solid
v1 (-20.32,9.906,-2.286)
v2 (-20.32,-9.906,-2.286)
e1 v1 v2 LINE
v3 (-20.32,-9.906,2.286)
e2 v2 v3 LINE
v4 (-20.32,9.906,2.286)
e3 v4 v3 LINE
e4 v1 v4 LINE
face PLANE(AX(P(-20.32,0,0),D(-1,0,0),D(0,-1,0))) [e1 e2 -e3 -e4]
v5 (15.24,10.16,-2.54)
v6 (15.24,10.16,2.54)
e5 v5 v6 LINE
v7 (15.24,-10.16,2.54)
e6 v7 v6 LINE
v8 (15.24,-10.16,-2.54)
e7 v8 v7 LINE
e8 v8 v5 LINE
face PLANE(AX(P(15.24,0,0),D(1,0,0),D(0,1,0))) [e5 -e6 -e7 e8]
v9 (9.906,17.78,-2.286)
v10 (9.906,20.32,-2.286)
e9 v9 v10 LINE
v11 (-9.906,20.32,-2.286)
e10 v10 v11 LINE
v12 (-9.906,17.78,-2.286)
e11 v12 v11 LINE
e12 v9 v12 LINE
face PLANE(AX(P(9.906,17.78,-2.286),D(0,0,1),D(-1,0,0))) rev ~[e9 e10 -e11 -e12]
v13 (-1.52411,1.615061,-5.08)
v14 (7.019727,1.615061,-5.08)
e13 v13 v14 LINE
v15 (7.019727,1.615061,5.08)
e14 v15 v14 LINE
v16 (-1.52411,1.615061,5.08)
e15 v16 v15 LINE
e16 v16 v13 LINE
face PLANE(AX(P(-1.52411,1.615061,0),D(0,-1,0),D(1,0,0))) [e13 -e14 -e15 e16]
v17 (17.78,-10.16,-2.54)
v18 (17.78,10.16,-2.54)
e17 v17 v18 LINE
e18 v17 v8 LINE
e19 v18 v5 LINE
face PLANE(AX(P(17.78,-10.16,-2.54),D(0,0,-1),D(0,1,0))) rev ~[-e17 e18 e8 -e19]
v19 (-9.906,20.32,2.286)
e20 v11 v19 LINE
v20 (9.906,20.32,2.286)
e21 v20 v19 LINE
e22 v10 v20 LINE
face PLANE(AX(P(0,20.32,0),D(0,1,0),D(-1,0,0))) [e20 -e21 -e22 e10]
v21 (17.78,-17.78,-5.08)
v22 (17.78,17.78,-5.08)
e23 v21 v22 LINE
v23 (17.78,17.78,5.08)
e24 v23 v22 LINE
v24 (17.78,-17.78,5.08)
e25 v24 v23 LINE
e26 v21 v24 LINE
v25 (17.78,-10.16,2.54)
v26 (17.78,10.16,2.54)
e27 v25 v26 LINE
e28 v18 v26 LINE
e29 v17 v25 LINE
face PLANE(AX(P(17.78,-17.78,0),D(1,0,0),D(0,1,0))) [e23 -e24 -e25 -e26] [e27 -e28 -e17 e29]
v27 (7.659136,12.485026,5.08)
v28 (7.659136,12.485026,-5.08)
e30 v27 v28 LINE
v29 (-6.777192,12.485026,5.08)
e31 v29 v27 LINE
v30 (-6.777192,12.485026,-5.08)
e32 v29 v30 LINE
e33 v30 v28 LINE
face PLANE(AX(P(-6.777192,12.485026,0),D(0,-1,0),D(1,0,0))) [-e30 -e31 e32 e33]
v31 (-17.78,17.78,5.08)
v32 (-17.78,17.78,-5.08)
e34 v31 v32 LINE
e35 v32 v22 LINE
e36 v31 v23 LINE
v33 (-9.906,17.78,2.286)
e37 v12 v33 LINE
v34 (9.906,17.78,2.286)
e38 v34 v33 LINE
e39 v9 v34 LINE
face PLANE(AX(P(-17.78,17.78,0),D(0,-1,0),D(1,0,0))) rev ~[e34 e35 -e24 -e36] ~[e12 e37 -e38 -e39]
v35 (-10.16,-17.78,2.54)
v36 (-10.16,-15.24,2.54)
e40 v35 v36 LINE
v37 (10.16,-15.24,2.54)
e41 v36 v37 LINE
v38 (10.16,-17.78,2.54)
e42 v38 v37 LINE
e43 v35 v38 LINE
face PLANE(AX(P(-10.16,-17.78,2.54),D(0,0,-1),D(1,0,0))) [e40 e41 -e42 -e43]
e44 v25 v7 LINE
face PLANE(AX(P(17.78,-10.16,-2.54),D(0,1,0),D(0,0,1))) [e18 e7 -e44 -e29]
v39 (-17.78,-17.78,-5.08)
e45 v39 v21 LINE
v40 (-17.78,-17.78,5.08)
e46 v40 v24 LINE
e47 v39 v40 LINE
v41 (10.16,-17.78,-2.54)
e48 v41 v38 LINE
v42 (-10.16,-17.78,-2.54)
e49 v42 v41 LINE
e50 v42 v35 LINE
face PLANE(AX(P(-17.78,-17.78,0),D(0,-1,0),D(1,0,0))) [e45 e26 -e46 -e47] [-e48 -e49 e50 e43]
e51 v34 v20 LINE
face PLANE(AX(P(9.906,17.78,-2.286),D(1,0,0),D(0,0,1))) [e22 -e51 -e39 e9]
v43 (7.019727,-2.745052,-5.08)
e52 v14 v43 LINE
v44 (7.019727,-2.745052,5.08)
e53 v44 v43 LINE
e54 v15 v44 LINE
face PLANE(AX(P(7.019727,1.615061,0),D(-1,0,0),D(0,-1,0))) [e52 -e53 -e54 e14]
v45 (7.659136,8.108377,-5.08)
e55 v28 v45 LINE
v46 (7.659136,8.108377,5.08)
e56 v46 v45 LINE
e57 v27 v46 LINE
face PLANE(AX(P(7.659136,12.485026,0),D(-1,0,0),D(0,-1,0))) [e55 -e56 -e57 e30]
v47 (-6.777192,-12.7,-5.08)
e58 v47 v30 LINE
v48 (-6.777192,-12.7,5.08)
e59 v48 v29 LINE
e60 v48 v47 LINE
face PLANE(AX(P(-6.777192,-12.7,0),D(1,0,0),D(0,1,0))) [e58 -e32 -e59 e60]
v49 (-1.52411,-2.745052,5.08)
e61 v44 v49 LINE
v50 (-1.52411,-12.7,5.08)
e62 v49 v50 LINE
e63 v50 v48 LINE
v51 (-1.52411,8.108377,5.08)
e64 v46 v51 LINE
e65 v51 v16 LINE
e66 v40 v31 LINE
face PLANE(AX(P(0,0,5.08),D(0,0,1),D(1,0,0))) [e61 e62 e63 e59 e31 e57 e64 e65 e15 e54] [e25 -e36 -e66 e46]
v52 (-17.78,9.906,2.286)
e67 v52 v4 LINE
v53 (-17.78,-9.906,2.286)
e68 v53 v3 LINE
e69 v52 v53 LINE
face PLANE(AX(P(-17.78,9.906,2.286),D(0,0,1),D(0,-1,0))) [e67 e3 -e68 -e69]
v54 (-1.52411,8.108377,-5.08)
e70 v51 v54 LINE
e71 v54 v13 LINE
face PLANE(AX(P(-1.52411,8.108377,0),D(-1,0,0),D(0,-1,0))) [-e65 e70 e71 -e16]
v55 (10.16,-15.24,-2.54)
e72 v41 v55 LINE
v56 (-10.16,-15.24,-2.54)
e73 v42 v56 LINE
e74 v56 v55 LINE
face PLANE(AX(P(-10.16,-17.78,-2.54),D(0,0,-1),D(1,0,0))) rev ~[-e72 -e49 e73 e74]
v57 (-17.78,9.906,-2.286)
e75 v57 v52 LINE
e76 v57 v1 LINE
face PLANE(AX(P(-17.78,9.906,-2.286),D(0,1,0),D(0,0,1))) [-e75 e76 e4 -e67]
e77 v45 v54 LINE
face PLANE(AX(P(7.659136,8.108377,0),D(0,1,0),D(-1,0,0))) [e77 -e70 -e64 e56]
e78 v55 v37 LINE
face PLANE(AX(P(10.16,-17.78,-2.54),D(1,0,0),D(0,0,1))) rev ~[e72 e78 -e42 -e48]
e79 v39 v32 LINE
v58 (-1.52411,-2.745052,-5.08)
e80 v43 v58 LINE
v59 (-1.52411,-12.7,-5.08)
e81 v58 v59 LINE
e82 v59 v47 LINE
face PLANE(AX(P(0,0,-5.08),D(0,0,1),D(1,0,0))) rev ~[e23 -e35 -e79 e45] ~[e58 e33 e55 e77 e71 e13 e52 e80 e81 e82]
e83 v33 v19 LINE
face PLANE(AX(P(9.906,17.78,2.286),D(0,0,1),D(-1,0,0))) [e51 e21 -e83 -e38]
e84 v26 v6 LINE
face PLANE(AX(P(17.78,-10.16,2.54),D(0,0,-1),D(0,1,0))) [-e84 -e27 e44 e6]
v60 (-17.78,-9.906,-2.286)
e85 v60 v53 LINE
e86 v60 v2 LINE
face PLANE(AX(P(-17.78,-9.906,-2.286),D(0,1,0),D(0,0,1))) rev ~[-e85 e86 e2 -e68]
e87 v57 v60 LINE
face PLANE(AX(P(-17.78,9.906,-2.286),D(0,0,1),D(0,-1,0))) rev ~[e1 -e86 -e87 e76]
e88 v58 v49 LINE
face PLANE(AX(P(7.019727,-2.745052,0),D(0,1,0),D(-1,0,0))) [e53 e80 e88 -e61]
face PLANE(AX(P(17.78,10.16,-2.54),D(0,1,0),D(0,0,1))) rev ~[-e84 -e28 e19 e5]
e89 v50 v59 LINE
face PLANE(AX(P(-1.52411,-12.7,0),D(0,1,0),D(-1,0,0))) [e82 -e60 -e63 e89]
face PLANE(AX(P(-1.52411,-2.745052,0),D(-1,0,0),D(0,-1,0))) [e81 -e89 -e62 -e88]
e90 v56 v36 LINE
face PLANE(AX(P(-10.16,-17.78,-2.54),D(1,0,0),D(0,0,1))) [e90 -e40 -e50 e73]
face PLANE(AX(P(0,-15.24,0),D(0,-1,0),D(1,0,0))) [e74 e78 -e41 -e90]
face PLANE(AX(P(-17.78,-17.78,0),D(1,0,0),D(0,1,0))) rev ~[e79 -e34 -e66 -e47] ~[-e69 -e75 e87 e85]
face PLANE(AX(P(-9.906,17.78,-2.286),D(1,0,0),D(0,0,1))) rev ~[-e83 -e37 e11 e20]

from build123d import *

# Parameters (mm, degrees)
F0_W     = 35.56
F0_H     = 35.56
F1_DEPTH = 5.08
F2_W     = 19.812
F2_H     = 4.572
F3_DEPTH = 2.54
F4_W     = 19.812
F4_H     = 4.572
F5_DEPTH = 2.54
F6_W     = 20.32
F6_H     = 5.08
F7_DEPTH = 2.54
F8_W     = 20.32
F8_H     = 5.08
F9_DEPTH = 2.54


with BuildPart() as f1:
    # F0 (on Top) → F1 (new body, symmetric)
    with BuildSketch(Plane.XY):
        Rectangle(F0_W, F0_H)
        Polygon((-1.5241102431, -2.7450520833), (-1.5241102431, -12.7), (-6.7771918403, -12.7), (-6.7771918403, 12.4850260417), (7.6591362847, 12.4850260417), (7.6591362847, 8.1083767361), (-1.5241102431, 8.1083767361), (-1.5241102431, 1.6150607639), (7.0197265625, 1.6150607639), (7.0197265625, -2.7450520833), align=None, mode=Mode.SUBTRACT)
    extrude(amount=F1_DEPTH, both=True)

    # F2 (on face) → F3 (join)
    with BuildSketch(Plane(origin=(0, 17.78, 0), x_dir=(-1, 0, 0), z_dir=(0, 1, 0))):
        Rectangle(F2_W, F2_H)
    extrude(amount=F3_DEPTH)

    # F4 (on face) → F5 (join)
    with BuildSketch(Plane(origin=(-17.78, 0, 0), x_dir=(0, -1, 0), z_dir=(-1, 0, 0))):
        Rectangle(F4_W, F4_H)
    extrude(amount=F5_DEPTH)

    # F6 (on face) → F7 (cut)
    with BuildSketch(Plane.XZ.offset(17.78)):
        Rectangle(F6_W, F6_H)
    extrude(amount=-F7_DEPTH, mode=Mode.SUBTRACT)

    # F8 (on face) → F9 (cut)
    with BuildSketch(Plane.YZ.offset(17.78)):
        Rectangle(F8_W, F8_H)
    extrude(amount=-F9_DEPTH, mode=Mode.SUBTRACT)


solid = f1.part
